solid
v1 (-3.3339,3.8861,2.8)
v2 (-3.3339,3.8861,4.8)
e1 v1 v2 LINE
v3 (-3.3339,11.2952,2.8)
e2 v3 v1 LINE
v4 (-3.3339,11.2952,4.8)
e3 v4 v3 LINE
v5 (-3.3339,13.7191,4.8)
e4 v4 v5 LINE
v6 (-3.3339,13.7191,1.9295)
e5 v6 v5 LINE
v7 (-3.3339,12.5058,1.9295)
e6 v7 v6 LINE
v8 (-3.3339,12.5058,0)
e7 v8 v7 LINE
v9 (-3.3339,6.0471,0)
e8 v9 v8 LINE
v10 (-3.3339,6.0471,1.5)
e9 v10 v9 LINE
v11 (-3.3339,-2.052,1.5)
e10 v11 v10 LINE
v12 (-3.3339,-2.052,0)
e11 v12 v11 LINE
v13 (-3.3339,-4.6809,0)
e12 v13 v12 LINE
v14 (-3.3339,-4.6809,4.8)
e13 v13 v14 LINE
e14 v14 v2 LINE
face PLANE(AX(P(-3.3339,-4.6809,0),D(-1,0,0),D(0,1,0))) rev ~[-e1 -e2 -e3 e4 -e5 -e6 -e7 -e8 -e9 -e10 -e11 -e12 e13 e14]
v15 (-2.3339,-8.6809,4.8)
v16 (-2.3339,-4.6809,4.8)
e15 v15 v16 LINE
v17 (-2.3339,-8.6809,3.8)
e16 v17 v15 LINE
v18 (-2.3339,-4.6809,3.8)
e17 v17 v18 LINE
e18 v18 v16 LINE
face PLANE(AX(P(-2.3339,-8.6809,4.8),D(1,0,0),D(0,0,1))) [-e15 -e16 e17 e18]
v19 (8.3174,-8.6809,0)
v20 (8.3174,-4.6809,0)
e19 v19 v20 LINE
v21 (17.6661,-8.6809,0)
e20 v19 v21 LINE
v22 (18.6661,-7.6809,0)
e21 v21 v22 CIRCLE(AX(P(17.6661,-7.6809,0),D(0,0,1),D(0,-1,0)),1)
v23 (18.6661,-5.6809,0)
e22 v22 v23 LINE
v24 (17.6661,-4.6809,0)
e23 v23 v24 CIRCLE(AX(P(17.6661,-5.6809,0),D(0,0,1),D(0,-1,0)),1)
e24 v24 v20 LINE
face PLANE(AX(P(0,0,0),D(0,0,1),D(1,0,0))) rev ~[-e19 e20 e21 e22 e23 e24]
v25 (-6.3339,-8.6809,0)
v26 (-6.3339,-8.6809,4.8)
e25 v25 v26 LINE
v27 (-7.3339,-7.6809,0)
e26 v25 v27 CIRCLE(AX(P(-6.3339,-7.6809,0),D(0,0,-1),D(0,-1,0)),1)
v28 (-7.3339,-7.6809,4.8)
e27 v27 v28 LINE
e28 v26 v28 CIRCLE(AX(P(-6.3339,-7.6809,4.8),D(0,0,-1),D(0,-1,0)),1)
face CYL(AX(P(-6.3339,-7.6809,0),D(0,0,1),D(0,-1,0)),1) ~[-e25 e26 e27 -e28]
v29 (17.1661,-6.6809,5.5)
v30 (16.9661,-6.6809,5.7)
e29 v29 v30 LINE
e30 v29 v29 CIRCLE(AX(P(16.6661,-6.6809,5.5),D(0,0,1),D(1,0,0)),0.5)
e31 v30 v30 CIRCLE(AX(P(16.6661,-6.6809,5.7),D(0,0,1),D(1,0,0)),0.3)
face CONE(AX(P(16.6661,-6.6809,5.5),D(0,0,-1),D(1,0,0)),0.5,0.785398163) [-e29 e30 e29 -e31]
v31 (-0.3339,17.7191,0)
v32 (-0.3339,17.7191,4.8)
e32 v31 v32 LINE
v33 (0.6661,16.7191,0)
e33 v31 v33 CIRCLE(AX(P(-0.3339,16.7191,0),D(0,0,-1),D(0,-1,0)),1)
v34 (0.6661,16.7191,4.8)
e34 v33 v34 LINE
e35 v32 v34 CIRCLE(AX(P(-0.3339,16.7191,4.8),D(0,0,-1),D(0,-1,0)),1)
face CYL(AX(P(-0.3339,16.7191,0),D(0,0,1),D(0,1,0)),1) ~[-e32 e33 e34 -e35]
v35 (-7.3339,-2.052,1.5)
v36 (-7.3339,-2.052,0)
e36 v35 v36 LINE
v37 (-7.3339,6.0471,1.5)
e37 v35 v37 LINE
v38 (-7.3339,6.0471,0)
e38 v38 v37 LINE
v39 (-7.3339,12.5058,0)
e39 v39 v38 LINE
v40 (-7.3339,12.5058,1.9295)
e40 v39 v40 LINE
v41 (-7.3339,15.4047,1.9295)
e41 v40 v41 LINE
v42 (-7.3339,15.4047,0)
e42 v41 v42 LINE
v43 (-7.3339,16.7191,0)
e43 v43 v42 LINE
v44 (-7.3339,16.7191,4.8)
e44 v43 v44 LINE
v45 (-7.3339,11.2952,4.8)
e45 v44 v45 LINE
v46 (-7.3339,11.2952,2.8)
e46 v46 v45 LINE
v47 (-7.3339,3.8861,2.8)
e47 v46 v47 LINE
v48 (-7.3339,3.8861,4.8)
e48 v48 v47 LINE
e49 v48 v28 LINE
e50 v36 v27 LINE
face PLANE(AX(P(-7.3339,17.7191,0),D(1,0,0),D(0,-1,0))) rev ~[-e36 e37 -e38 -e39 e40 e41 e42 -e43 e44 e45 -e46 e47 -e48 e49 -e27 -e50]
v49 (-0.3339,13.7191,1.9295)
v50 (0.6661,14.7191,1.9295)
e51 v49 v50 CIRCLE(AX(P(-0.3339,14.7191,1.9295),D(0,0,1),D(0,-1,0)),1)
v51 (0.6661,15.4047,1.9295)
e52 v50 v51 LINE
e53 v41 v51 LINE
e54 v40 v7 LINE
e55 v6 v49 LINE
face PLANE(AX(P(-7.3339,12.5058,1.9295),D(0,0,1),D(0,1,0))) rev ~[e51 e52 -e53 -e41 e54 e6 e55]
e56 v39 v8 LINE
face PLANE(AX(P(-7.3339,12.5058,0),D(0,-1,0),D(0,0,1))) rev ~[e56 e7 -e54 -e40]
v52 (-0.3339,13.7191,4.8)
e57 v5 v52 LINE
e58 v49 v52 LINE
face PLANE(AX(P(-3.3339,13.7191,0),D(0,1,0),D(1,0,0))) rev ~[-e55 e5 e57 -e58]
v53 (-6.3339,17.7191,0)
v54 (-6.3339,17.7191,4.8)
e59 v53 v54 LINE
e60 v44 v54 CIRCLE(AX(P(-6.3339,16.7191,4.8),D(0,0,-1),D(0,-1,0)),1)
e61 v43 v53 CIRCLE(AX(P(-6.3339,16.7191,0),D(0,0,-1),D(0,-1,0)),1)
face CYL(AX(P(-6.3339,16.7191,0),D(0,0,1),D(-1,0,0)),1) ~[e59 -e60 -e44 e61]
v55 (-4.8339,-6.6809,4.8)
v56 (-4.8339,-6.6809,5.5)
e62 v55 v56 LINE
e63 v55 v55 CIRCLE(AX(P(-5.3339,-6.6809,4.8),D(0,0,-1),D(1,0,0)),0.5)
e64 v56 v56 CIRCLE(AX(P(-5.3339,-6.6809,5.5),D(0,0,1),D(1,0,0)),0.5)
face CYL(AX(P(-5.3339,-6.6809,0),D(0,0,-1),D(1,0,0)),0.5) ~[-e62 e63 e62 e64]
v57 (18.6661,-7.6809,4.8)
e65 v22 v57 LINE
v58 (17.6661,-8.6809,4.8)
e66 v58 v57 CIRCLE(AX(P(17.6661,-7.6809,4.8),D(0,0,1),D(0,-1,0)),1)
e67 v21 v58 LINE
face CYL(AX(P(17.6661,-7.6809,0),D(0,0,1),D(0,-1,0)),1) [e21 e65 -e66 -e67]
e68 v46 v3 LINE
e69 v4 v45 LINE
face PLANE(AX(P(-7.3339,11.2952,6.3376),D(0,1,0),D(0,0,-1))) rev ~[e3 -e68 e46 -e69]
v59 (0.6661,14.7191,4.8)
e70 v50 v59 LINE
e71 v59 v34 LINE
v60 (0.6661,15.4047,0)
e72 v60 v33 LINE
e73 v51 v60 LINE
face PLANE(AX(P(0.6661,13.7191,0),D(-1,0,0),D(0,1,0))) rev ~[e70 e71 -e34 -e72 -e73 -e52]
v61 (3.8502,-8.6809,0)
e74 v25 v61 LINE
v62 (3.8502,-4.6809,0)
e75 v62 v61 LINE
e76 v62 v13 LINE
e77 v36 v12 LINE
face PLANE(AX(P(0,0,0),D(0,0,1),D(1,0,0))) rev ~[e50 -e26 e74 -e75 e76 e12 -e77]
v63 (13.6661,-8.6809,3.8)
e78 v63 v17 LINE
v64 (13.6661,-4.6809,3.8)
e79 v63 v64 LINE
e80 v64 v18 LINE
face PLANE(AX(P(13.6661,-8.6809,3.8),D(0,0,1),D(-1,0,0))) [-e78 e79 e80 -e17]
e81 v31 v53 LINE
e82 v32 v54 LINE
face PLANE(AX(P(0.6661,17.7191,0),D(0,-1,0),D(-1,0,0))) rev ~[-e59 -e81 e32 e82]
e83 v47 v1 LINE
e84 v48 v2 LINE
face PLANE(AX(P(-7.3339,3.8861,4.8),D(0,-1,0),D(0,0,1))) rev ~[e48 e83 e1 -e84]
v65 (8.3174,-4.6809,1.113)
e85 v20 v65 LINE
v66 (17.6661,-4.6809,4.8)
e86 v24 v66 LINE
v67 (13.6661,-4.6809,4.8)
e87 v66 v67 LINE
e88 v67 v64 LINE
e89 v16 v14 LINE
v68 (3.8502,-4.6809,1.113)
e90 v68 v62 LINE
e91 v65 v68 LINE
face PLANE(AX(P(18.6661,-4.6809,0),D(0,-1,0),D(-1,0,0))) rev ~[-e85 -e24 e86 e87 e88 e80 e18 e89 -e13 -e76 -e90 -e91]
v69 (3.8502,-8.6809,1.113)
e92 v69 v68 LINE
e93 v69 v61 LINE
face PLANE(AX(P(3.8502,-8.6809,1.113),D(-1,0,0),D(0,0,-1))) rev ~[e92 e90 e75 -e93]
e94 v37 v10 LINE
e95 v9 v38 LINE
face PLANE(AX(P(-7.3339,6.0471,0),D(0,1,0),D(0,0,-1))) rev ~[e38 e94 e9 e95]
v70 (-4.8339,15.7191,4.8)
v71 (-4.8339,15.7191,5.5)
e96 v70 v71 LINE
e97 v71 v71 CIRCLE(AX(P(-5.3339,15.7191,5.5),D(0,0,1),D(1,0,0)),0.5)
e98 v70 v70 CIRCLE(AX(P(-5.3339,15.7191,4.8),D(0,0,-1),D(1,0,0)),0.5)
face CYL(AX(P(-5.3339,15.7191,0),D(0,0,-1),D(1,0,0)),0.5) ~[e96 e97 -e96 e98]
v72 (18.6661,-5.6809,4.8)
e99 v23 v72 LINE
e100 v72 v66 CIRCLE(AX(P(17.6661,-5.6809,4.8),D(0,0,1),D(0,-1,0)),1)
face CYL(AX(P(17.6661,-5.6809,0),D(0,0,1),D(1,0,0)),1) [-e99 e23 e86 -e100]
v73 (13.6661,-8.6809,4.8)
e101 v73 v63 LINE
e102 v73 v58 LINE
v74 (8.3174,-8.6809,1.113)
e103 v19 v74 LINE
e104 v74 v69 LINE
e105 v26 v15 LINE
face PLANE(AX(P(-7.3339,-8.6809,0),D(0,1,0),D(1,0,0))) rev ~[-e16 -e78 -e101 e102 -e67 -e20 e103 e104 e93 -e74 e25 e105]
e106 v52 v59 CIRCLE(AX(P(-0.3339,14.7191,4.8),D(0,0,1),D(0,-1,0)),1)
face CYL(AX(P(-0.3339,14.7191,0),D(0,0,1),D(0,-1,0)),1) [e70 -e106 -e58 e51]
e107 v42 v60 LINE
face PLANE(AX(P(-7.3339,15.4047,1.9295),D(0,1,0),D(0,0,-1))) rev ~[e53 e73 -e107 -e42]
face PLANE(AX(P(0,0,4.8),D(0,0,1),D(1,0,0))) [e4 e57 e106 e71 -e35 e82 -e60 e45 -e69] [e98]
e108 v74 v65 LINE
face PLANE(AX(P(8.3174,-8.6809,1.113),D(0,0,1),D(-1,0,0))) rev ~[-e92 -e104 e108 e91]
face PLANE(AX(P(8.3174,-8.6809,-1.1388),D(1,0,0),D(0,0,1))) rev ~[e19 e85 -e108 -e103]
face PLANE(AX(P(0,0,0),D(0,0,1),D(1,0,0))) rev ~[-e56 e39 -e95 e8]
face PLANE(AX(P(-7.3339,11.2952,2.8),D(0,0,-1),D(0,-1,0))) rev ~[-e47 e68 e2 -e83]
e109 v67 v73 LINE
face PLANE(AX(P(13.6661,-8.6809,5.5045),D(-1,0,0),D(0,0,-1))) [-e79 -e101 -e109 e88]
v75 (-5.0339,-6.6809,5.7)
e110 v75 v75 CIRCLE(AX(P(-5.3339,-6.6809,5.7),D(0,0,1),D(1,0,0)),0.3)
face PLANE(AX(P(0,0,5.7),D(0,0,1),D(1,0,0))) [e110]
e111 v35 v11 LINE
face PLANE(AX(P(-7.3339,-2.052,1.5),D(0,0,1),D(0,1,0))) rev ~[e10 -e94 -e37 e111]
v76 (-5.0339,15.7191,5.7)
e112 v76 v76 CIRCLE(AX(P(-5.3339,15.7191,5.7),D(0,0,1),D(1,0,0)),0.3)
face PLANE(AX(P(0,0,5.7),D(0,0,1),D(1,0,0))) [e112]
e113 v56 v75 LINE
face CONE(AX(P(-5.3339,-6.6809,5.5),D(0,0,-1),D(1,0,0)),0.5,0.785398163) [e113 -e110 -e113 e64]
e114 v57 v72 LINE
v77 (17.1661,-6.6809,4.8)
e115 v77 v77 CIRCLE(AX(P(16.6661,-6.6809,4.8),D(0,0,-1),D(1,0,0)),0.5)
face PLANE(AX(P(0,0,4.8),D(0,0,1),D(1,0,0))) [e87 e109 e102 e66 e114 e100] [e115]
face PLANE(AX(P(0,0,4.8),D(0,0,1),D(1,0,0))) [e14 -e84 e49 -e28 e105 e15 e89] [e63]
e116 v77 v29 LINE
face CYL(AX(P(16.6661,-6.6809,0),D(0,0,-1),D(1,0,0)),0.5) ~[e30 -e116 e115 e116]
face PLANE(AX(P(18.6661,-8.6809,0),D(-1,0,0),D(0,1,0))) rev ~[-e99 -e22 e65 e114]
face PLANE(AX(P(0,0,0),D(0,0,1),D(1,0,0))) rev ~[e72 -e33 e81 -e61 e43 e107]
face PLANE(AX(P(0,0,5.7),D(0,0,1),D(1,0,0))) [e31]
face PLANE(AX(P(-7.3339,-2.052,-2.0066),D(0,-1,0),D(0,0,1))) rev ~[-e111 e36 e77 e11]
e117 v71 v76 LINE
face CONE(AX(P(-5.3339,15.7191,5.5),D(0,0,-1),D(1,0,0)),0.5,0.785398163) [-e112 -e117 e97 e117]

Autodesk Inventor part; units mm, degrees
ref_plane "YZ Plane" through (0, 0, 0) normal (1, 0, 0) x (0, 1, 0)
ref_plane "XZ Plane" through (0, 0, 0) normal (0, 1, 0) x (-1, 0, 0)
ref_plane "XY Plane" through (0, 0, 0) normal (0, 0, 1) x (1, 0, 0)
sketch "Skizze1" plane through (0, 0, 0) normal (0, 0, 1) x (1, 0, 0)
  line L0 (0.6661, 17.7191) -> (-7.3339, 17.7191)
  line L1 (-7.3339, 17.7191) -> (-7.3339, -8.6809)
  line L2 (-7.3339, -8.6809) -> (18.6661, -8.6809)
  line L3 (18.6661, -8.6809) -> (18.6661, -4.6809)
  line L4 (18.6661, -4.6809) -> (-3.3339, -4.6809)
  line L5 (-3.3339, -4.6809) -> (-3.3339, 13.7191)
  line L6 (-3.3339, 13.7191) -> (0.6661, 13.7191)
  line L7 (0.6661, 13.7191) -> (0.6661, 17.7191)
  circle A0 centre (-5.3339, 15.7191) radius 0.5
  circle A1 centre (-5.3339, -6.6809) radius 0.5
  circle A2 centre (16.6661, -6.6809) radius 0.5
  point P0 (0, 0)
  point P1 (18.6661, -6.6809)
  point P2 (-1.3339, 13.7191)
  dimension "d0" = 26
  dimension "d1" = 26.4
  dimension "d2" = 4
  dimension "d3" = 4
  dimension "d4" = 4
  dimension "d5" = 4
  dimension "d6" = 1
  dimension "d7" = 1
  dimension "d8" = 1
  dimension "d9" = 2
  dimension "d10" = 2
  dimension "d11" = 2
  dimension "d12" = 2
  dimension "d13" = 2
  dimension "d14" = 2
extrude "Extrusion1" add sketch "Skizze1" along normal blind 4.8 contours L7 L6 L5 L4 L3 L2 L1 L0 | A0 | A1 | A2
extrude "Extrusion2" add sketch "Skizze1" along normal blind 5.7 contours A0 | A1 | A2
chamfer "Fase1" distance 0.2 angle 45 1 edges at (-5.8339, 15.7191, 5.7)
chamfer "Fase2" distance 0.2 angle 45 2 edges at (-5.8339, -6.6809, 5.7) (16.1661, -6.6809, 5.7)
sketch "Skizze2" plane through (-7.3339, -8.6809, 0) normal (0, -1, 0) x (1, 0, 0)
  line L0 (5, 5.5045) -> (21, 5.5045)
  line L1 (21, 5.5045) -> (21, 3.8)
  line L2 (21, 3.8) -> (5, 3.8)
  line L3 (5, 3.8) -> (5, 5.5045)
  line L4 (0, 0) -> (0, 4.8) projected
  line L5 (26, 0) -> (26, 4.8) projected
  line L6 (0, 4.8) -> (26, 4.8) projected
  line L7 (11.1841, -1.1388) -> (15.6513, -1.1388)
  line L8 (15.6513, -1.1388) -> (15.6513, 1.113)
  line L9 (15.6513, 1.113) -> (11.1841, 1.113)
  line L10 (11.1841, 1.113) -> (11.1841, -1.1388)
  point P0 (7.3339, 0)
  point P1 (21, 4.6522)
  dimension "d25" = 16
  dimension "d26" = 26
  dimension "d27" = 5
  dimension "d28" = 1
extrude "Extrusion3" cut sketch "Skizze2" against normal blind 5.7
sketch "Skizze3" plane through (-7.3339, -8.6809, 0) normal (-1, 0, 0) x (0, 0, 1)
  line L0 (6.3376, 19.9761) -> (2.8, 19.9761)
  line L1 (2.8, 19.9761) -> (2.8, 12.567)
  line L2 (2.8, 12.567) -> (6.3376, 12.567)
  line L3 (6.3376, 12.567) -> (6.3376, 19.9761)
  line L4 (-2.0066, 6.6289) -> (1.5, 6.6289)
  line L5 (1.5, 6.6289) -> (1.5, 14.728)
  line L6 (1.5, 14.728) -> (-2.0066, 14.728)
  line L7 (-2.0066, 14.728) -> (-2.0066, 6.6289)
  line L8 (4.8, 26.4) -> (4.8, 0) projected
  line L9 (0, 26.4) -> (0, 0) projected
  point P0 (0, 8.6809)
  dimension "d33" = 2
  dimension "d34" = 1.5
extrude "Extrusion4" cut sketch "Skizze3" against normal blind 5.7
fillet "Rundung1" radius 1 1 edges at (18.6661, -8.6809, 2.4)
fillet "Rundung2" radius 1 5 edges at (0.6661, 13.7191, 2.4) (18.6661, -4.6809, 2.4) (0.6661, 17.7191, 2.4) (-7.3339, -8.6809, 2.4) (-7.3339, 17.7191, 2.4)
sketch "Skizze4" plane through (-7.3339, -2.052, 1.5) normal (-1, 0, 0) x (0, 0, 1)
  line L0 (-1.5, 8.0991) -> (-1.5, 15.7711) projected
  line L1 (-1.5, 14.5578) -> (0.4295, 14.5578)
  line L2 (0.4295, 14.5578) -> (0.4295, 17.4567)
  line L3 (0.4295, 17.4567) -> (-1.5, 17.4567)
  line L4 (-1.5, 17.4567) -> (-1.5, 14.5578)
  point P0 (-1.5, 2.052)
  point P1 (-1.5, 15.7711)
extrude "Extrusion5" cut sketch "Skizze4" against normal blind 10
equation "\"d3\" = d2"
equation "\"d4\" = d3"
equation "\"d5\" = d4"
equation "\"d7\" = d6"
equation "\"d8\" = d6"
equation "\"d9\" = 0.5 * d4"
equation "\"d10\" = d9"
equation "\"d11\" = d10"
equation "\"d12\" = d10"
equation "\"d13\" = d11"
equation "\"d14\" = d13"
equation "\"d27\" = -0.5 * d25 + 0.5 * d26"
properties part number "DisplayUnterlage"
